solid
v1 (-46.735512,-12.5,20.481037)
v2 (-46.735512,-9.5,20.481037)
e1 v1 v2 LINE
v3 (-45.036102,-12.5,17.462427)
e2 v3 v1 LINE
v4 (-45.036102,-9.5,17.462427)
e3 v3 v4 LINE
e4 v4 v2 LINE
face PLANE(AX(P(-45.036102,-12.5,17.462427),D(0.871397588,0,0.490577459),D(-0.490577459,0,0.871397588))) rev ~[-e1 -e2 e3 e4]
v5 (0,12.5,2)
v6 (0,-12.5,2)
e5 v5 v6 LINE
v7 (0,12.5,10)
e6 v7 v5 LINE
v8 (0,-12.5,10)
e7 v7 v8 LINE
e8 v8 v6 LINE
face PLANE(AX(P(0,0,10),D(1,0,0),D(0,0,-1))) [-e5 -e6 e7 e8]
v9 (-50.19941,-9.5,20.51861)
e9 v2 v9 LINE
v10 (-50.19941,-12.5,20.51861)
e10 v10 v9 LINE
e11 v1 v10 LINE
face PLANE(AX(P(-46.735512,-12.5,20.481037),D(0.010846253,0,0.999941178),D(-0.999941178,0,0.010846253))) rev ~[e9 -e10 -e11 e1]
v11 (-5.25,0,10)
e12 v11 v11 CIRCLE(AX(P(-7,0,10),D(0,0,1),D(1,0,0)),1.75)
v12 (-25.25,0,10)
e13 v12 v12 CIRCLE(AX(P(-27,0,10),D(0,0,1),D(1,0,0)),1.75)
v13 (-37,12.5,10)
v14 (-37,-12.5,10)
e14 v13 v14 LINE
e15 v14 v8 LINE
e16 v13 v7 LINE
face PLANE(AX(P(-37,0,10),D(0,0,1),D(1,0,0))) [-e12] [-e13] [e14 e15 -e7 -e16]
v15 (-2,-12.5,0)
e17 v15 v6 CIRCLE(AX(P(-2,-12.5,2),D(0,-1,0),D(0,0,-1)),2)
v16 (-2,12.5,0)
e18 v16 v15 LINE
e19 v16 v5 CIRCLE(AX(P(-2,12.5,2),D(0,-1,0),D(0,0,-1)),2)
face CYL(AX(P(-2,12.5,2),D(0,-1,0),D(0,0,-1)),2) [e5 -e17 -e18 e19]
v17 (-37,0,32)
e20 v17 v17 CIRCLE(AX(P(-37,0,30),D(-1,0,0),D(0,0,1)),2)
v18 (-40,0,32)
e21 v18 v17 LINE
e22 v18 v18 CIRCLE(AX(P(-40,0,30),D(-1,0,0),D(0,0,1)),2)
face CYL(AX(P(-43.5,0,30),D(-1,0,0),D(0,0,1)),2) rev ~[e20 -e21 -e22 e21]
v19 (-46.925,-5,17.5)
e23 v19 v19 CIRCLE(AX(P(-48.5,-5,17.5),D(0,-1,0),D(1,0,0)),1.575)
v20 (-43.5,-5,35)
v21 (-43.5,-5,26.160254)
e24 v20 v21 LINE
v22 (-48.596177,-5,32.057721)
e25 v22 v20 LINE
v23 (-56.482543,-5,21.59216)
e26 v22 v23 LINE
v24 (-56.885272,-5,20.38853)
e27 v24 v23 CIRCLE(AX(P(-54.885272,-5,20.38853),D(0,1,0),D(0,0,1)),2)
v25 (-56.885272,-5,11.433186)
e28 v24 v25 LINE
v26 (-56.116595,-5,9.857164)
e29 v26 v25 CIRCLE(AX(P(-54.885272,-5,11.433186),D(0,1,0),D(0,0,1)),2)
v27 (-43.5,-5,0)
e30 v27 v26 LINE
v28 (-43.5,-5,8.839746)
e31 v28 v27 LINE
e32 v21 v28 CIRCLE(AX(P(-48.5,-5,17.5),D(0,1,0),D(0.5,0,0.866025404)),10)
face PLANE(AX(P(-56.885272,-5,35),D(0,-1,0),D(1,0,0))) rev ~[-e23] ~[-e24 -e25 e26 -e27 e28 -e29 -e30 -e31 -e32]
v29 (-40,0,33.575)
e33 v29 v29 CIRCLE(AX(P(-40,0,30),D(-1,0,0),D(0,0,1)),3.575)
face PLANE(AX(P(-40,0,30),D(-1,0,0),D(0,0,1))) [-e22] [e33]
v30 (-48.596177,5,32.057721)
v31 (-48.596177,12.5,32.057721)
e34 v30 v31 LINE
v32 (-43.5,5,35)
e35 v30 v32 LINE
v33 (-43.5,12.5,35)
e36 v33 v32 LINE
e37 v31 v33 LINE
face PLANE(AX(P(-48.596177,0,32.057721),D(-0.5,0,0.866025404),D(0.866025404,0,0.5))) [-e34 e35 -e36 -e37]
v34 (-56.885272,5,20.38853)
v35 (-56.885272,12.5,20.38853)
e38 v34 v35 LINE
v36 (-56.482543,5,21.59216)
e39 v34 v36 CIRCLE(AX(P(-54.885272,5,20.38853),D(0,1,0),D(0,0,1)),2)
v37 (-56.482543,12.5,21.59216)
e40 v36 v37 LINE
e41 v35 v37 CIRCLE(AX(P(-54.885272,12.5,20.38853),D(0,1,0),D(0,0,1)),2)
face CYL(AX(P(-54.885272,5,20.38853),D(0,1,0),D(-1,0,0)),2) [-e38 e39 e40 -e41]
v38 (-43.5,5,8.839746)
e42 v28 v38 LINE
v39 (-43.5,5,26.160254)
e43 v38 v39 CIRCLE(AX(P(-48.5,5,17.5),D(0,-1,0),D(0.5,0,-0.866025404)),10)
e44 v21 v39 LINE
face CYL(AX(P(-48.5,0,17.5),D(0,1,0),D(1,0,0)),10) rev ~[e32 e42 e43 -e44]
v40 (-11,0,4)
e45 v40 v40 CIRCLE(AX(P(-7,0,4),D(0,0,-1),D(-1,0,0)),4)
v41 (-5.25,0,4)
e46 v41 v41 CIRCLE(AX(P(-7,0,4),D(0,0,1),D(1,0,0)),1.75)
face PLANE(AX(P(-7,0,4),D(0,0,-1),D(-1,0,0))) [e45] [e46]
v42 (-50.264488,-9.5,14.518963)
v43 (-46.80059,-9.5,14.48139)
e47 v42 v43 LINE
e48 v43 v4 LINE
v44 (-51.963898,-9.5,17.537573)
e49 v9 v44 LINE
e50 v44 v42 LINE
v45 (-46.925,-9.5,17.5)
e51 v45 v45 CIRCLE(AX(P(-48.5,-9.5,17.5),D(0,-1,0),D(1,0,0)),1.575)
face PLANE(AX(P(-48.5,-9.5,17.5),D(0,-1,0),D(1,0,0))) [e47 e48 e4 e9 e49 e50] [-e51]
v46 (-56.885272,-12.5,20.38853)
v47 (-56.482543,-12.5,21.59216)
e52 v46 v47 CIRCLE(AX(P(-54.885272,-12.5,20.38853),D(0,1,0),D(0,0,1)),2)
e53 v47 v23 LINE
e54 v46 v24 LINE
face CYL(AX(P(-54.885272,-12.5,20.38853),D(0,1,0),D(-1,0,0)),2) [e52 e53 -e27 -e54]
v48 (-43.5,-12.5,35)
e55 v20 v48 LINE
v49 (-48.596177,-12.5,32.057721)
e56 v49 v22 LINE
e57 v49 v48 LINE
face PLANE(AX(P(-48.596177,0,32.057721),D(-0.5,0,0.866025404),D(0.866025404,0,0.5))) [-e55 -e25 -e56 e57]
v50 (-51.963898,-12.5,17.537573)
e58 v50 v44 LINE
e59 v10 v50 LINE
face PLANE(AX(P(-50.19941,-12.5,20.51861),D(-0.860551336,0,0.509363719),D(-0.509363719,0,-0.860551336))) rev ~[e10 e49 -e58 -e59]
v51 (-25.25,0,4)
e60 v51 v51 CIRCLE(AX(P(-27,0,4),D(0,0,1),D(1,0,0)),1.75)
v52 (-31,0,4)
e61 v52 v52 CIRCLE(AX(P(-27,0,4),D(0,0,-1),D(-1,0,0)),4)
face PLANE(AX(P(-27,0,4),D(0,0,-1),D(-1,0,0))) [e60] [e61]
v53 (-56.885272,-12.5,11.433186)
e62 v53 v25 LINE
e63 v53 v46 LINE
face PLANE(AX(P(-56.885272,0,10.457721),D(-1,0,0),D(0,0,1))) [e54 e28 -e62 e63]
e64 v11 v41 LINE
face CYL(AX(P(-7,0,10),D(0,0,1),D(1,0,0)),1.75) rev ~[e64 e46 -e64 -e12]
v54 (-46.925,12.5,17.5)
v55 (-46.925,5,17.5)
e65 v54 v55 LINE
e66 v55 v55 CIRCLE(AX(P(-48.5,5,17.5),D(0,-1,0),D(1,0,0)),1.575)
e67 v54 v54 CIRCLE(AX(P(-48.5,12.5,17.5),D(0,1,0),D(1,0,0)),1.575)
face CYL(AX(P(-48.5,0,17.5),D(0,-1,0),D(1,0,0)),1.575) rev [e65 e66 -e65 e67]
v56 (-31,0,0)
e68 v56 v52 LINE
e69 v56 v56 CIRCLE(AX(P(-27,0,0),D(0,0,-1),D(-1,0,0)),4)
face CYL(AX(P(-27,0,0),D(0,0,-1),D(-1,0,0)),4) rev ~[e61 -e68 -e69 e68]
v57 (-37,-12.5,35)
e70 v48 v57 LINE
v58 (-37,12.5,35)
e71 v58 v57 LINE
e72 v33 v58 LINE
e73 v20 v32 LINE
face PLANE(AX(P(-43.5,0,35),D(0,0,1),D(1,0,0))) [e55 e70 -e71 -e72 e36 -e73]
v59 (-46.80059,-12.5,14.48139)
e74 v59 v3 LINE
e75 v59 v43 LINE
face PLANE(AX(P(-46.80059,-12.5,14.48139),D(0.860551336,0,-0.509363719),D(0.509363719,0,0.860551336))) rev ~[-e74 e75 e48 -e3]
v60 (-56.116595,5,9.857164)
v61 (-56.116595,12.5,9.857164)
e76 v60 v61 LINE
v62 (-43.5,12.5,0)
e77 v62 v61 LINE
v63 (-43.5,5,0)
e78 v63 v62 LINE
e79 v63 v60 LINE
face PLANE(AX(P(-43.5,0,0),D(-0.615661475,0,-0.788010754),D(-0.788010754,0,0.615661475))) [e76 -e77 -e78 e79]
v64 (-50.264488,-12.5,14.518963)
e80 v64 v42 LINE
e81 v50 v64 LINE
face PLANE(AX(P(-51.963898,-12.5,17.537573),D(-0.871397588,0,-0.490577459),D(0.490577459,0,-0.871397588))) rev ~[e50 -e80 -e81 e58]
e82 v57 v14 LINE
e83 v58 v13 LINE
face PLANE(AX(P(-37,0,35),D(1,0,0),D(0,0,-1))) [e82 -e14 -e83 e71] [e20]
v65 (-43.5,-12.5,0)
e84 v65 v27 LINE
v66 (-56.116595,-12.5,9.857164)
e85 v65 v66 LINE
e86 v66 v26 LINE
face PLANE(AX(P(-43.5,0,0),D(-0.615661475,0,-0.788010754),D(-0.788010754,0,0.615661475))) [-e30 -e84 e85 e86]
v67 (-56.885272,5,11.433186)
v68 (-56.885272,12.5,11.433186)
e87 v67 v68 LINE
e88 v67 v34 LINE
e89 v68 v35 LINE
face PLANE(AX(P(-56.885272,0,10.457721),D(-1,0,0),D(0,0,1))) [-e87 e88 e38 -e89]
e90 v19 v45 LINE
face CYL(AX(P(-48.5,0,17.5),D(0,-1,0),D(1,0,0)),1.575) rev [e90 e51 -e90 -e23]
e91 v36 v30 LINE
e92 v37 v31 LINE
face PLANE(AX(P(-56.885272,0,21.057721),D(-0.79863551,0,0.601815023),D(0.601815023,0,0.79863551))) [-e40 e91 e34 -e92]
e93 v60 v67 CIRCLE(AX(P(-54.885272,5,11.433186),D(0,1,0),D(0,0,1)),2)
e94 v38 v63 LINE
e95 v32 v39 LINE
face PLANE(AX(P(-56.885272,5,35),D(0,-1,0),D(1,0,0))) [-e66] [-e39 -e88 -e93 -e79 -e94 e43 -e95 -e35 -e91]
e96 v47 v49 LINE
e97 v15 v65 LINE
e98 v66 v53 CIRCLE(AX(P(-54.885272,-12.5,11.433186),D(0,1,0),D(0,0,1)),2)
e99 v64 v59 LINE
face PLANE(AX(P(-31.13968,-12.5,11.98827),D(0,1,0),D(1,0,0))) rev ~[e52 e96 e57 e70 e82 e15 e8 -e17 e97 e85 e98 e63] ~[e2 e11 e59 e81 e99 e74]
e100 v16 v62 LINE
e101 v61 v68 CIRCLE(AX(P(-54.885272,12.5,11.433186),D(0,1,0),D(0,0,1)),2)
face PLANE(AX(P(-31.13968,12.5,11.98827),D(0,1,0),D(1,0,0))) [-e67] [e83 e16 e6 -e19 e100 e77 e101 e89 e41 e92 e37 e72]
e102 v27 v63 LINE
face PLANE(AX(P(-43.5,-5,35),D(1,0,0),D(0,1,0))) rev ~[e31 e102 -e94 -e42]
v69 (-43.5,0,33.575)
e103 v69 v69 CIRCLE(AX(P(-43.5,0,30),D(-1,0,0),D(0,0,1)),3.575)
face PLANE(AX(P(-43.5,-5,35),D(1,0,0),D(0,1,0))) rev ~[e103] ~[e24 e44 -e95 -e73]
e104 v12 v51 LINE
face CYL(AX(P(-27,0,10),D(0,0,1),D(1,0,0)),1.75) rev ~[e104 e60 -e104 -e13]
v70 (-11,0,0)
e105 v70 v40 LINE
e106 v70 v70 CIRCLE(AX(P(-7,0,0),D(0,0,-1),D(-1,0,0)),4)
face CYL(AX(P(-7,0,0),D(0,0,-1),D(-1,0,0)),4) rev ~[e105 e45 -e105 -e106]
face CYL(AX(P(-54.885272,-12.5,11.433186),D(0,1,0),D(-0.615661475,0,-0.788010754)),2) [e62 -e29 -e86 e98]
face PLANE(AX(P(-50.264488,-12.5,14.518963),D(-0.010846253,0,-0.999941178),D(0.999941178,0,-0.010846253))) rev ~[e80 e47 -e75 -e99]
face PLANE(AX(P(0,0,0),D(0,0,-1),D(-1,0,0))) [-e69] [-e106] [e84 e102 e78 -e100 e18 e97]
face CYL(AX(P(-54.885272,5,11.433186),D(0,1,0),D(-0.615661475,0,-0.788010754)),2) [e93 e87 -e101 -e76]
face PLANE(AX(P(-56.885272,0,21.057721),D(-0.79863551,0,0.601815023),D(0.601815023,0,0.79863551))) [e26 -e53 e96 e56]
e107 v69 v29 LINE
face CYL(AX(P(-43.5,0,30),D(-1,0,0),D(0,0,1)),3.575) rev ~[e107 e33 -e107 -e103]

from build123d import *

# Parameters (mm, degrees)
SKETCH1_R               = 1.575
BOSS_EXTRUDE1_DEPTH     = 12.5
SKETCH2_W               = 13.385271969
SKETCH2_H               = 10
CUT_EXTRUDE1_DEPTH      = 36
SKETCH3_R               = 1.75
CUT_EXTRUDE2_DEPTH      = 25
SKETCH4_R               = 4
CUT_EXTRUDE3_DEPTH      = 4
FILLET1_R               = 2
SKETCH5_R               = 2
CUT_EXTRUDE4_DEPTH      = 10
SKETCH7_R               = 3.575
CUT_EXTRUDE5_DEPTH      = 3.5
SKETCH8_R               = 10
CUT_EXTRUDE6_DEPTH      = 5
CUT_EXTRUDE6_DEPTH_BACK = 5
CUT_EXTRUDE7_DEPTH      = 3


with BuildPart() as part:
    # Sketch1 → Boss-Extrude1 (new body, symmetric)
    with BuildSketch(Plane(origin=(0, 0, 0), x_dir=(1, 0, 0), z_dir=(0, 1, 0))):
        Polygon((0, 0), (-43.5, 0), (-56.885271969, -10.457720596), (-56.885271969, -21.057720596), (-48.596177418, -32.057720596), (-43.5, -35), (-37, -35), (-37, -10), (0, -10), align=None)
        with Locations((-48.5, -17.5)):
            Circle(SKETCH1_R, mode=Mode.SUBTRACT)
    extrude(amount=BOSS_EXTRUDE1_DEPTH, both=True)

    # Sketch2 → Cut-Extrude1 (cut, through all)
    with BuildSketch(Plane.XY.offset(35)):
        with Locations((-50.192635985, 0)):
            Rectangle(SKETCH2_W, SKETCH2_H)
    extrude(amount=-CUT_EXTRUDE1_DEPTH, mode=Mode.SUBTRACT)

    # Sketch3 → Cut-Extrude2 (cut)
    with BuildSketch(Plane.XY.offset(10)):
        with Locations((-27, 0)):
            Circle(SKETCH3_R)
        with Locations((-7, 0)):
            Circle(SKETCH3_R)
    extrude(amount=-CUT_EXTRUDE2_DEPTH, mode=Mode.SUBTRACT)

    # Sketch4 → Cut-Extrude3 (cut)
    with BuildSketch(Plane(origin=(0, 0, 0), x_dir=(-1, 0, 0), z_dir=(0, 0, -1))):
        with Locations((7, 0)):
            Circle(SKETCH4_R)
        with Locations((27, 0)):
            Circle(SKETCH4_R)
    extrude(amount=-CUT_EXTRUDE3_DEPTH, mode=Mode.SUBTRACT)

    # Fillet1
    fillet1_edges = [part.edges().sort_by_distance(p)[0] for p in [
        (-56.885271969, 8.75, 21.057720596),
        (-56.885271969, 8.75, 10.457720596),
        (0, 0, 0),
        (-56.885271969, -8.75, 21.057720596),
        (-56.885271969, -8.75, 10.457720596),
    ]]
    fillet(fillet1_edges, radius=FILLET1_R)

    # Sketch5 → Cut-Extrude4 (cut)
    with BuildSketch(Plane.ZY.offset(43.5)):
        with Locations((30, 0)):
            Circle(SKETCH5_R)
    extrude(amount=-CUT_EXTRUDE4_DEPTH, mode=Mode.SUBTRACT)

    # Sketch7 → Cut-Extrude5 (cut)
    with BuildSketch(Plane.ZY.offset(43.5)):
        with Locations((30, 0)):
            Circle(SKETCH7_R)
    extrude(amount=-CUT_EXTRUDE5_DEPTH, mode=Mode.SUBTRACT)

    # Sketch8 → Cut-Extrude6 (cut, two sides)
    with BuildSketch(Plane(origin=(0, 0, 0), x_dir=(1, 0, 0), z_dir=(0, 1, 0))) as cut_extrude6_sk:
        with Locations((-48.5, -17.5)):
            Circle(SKETCH8_R)
    extrude(amount=CUT_EXTRUDE6_DEPTH, mode=Mode.SUBTRACT)
    extrude(cut_extrude6_sk.sketch, amount=-CUT_EXTRUDE6_DEPTH_BACK, mode=Mode.SUBTRACT)

    # Sketch9 → Cut-Extrude7 (cut)
    with BuildSketch(Plane.XZ.offset(12.5)):
        Polygon((-46.800589834, 14.481390206), (-45.036102151, 17.462427479), (-46.735512318, 20.481037272), (-50.199410166, 20.518609794), (-51.963897849, 17.537572521), (-50.264487682, 14.518962728), align=None)
    extrude(amount=-CUT_EXTRUDE7_DEPTH, mode=Mode.SUBTRACT)


solid = part.part
